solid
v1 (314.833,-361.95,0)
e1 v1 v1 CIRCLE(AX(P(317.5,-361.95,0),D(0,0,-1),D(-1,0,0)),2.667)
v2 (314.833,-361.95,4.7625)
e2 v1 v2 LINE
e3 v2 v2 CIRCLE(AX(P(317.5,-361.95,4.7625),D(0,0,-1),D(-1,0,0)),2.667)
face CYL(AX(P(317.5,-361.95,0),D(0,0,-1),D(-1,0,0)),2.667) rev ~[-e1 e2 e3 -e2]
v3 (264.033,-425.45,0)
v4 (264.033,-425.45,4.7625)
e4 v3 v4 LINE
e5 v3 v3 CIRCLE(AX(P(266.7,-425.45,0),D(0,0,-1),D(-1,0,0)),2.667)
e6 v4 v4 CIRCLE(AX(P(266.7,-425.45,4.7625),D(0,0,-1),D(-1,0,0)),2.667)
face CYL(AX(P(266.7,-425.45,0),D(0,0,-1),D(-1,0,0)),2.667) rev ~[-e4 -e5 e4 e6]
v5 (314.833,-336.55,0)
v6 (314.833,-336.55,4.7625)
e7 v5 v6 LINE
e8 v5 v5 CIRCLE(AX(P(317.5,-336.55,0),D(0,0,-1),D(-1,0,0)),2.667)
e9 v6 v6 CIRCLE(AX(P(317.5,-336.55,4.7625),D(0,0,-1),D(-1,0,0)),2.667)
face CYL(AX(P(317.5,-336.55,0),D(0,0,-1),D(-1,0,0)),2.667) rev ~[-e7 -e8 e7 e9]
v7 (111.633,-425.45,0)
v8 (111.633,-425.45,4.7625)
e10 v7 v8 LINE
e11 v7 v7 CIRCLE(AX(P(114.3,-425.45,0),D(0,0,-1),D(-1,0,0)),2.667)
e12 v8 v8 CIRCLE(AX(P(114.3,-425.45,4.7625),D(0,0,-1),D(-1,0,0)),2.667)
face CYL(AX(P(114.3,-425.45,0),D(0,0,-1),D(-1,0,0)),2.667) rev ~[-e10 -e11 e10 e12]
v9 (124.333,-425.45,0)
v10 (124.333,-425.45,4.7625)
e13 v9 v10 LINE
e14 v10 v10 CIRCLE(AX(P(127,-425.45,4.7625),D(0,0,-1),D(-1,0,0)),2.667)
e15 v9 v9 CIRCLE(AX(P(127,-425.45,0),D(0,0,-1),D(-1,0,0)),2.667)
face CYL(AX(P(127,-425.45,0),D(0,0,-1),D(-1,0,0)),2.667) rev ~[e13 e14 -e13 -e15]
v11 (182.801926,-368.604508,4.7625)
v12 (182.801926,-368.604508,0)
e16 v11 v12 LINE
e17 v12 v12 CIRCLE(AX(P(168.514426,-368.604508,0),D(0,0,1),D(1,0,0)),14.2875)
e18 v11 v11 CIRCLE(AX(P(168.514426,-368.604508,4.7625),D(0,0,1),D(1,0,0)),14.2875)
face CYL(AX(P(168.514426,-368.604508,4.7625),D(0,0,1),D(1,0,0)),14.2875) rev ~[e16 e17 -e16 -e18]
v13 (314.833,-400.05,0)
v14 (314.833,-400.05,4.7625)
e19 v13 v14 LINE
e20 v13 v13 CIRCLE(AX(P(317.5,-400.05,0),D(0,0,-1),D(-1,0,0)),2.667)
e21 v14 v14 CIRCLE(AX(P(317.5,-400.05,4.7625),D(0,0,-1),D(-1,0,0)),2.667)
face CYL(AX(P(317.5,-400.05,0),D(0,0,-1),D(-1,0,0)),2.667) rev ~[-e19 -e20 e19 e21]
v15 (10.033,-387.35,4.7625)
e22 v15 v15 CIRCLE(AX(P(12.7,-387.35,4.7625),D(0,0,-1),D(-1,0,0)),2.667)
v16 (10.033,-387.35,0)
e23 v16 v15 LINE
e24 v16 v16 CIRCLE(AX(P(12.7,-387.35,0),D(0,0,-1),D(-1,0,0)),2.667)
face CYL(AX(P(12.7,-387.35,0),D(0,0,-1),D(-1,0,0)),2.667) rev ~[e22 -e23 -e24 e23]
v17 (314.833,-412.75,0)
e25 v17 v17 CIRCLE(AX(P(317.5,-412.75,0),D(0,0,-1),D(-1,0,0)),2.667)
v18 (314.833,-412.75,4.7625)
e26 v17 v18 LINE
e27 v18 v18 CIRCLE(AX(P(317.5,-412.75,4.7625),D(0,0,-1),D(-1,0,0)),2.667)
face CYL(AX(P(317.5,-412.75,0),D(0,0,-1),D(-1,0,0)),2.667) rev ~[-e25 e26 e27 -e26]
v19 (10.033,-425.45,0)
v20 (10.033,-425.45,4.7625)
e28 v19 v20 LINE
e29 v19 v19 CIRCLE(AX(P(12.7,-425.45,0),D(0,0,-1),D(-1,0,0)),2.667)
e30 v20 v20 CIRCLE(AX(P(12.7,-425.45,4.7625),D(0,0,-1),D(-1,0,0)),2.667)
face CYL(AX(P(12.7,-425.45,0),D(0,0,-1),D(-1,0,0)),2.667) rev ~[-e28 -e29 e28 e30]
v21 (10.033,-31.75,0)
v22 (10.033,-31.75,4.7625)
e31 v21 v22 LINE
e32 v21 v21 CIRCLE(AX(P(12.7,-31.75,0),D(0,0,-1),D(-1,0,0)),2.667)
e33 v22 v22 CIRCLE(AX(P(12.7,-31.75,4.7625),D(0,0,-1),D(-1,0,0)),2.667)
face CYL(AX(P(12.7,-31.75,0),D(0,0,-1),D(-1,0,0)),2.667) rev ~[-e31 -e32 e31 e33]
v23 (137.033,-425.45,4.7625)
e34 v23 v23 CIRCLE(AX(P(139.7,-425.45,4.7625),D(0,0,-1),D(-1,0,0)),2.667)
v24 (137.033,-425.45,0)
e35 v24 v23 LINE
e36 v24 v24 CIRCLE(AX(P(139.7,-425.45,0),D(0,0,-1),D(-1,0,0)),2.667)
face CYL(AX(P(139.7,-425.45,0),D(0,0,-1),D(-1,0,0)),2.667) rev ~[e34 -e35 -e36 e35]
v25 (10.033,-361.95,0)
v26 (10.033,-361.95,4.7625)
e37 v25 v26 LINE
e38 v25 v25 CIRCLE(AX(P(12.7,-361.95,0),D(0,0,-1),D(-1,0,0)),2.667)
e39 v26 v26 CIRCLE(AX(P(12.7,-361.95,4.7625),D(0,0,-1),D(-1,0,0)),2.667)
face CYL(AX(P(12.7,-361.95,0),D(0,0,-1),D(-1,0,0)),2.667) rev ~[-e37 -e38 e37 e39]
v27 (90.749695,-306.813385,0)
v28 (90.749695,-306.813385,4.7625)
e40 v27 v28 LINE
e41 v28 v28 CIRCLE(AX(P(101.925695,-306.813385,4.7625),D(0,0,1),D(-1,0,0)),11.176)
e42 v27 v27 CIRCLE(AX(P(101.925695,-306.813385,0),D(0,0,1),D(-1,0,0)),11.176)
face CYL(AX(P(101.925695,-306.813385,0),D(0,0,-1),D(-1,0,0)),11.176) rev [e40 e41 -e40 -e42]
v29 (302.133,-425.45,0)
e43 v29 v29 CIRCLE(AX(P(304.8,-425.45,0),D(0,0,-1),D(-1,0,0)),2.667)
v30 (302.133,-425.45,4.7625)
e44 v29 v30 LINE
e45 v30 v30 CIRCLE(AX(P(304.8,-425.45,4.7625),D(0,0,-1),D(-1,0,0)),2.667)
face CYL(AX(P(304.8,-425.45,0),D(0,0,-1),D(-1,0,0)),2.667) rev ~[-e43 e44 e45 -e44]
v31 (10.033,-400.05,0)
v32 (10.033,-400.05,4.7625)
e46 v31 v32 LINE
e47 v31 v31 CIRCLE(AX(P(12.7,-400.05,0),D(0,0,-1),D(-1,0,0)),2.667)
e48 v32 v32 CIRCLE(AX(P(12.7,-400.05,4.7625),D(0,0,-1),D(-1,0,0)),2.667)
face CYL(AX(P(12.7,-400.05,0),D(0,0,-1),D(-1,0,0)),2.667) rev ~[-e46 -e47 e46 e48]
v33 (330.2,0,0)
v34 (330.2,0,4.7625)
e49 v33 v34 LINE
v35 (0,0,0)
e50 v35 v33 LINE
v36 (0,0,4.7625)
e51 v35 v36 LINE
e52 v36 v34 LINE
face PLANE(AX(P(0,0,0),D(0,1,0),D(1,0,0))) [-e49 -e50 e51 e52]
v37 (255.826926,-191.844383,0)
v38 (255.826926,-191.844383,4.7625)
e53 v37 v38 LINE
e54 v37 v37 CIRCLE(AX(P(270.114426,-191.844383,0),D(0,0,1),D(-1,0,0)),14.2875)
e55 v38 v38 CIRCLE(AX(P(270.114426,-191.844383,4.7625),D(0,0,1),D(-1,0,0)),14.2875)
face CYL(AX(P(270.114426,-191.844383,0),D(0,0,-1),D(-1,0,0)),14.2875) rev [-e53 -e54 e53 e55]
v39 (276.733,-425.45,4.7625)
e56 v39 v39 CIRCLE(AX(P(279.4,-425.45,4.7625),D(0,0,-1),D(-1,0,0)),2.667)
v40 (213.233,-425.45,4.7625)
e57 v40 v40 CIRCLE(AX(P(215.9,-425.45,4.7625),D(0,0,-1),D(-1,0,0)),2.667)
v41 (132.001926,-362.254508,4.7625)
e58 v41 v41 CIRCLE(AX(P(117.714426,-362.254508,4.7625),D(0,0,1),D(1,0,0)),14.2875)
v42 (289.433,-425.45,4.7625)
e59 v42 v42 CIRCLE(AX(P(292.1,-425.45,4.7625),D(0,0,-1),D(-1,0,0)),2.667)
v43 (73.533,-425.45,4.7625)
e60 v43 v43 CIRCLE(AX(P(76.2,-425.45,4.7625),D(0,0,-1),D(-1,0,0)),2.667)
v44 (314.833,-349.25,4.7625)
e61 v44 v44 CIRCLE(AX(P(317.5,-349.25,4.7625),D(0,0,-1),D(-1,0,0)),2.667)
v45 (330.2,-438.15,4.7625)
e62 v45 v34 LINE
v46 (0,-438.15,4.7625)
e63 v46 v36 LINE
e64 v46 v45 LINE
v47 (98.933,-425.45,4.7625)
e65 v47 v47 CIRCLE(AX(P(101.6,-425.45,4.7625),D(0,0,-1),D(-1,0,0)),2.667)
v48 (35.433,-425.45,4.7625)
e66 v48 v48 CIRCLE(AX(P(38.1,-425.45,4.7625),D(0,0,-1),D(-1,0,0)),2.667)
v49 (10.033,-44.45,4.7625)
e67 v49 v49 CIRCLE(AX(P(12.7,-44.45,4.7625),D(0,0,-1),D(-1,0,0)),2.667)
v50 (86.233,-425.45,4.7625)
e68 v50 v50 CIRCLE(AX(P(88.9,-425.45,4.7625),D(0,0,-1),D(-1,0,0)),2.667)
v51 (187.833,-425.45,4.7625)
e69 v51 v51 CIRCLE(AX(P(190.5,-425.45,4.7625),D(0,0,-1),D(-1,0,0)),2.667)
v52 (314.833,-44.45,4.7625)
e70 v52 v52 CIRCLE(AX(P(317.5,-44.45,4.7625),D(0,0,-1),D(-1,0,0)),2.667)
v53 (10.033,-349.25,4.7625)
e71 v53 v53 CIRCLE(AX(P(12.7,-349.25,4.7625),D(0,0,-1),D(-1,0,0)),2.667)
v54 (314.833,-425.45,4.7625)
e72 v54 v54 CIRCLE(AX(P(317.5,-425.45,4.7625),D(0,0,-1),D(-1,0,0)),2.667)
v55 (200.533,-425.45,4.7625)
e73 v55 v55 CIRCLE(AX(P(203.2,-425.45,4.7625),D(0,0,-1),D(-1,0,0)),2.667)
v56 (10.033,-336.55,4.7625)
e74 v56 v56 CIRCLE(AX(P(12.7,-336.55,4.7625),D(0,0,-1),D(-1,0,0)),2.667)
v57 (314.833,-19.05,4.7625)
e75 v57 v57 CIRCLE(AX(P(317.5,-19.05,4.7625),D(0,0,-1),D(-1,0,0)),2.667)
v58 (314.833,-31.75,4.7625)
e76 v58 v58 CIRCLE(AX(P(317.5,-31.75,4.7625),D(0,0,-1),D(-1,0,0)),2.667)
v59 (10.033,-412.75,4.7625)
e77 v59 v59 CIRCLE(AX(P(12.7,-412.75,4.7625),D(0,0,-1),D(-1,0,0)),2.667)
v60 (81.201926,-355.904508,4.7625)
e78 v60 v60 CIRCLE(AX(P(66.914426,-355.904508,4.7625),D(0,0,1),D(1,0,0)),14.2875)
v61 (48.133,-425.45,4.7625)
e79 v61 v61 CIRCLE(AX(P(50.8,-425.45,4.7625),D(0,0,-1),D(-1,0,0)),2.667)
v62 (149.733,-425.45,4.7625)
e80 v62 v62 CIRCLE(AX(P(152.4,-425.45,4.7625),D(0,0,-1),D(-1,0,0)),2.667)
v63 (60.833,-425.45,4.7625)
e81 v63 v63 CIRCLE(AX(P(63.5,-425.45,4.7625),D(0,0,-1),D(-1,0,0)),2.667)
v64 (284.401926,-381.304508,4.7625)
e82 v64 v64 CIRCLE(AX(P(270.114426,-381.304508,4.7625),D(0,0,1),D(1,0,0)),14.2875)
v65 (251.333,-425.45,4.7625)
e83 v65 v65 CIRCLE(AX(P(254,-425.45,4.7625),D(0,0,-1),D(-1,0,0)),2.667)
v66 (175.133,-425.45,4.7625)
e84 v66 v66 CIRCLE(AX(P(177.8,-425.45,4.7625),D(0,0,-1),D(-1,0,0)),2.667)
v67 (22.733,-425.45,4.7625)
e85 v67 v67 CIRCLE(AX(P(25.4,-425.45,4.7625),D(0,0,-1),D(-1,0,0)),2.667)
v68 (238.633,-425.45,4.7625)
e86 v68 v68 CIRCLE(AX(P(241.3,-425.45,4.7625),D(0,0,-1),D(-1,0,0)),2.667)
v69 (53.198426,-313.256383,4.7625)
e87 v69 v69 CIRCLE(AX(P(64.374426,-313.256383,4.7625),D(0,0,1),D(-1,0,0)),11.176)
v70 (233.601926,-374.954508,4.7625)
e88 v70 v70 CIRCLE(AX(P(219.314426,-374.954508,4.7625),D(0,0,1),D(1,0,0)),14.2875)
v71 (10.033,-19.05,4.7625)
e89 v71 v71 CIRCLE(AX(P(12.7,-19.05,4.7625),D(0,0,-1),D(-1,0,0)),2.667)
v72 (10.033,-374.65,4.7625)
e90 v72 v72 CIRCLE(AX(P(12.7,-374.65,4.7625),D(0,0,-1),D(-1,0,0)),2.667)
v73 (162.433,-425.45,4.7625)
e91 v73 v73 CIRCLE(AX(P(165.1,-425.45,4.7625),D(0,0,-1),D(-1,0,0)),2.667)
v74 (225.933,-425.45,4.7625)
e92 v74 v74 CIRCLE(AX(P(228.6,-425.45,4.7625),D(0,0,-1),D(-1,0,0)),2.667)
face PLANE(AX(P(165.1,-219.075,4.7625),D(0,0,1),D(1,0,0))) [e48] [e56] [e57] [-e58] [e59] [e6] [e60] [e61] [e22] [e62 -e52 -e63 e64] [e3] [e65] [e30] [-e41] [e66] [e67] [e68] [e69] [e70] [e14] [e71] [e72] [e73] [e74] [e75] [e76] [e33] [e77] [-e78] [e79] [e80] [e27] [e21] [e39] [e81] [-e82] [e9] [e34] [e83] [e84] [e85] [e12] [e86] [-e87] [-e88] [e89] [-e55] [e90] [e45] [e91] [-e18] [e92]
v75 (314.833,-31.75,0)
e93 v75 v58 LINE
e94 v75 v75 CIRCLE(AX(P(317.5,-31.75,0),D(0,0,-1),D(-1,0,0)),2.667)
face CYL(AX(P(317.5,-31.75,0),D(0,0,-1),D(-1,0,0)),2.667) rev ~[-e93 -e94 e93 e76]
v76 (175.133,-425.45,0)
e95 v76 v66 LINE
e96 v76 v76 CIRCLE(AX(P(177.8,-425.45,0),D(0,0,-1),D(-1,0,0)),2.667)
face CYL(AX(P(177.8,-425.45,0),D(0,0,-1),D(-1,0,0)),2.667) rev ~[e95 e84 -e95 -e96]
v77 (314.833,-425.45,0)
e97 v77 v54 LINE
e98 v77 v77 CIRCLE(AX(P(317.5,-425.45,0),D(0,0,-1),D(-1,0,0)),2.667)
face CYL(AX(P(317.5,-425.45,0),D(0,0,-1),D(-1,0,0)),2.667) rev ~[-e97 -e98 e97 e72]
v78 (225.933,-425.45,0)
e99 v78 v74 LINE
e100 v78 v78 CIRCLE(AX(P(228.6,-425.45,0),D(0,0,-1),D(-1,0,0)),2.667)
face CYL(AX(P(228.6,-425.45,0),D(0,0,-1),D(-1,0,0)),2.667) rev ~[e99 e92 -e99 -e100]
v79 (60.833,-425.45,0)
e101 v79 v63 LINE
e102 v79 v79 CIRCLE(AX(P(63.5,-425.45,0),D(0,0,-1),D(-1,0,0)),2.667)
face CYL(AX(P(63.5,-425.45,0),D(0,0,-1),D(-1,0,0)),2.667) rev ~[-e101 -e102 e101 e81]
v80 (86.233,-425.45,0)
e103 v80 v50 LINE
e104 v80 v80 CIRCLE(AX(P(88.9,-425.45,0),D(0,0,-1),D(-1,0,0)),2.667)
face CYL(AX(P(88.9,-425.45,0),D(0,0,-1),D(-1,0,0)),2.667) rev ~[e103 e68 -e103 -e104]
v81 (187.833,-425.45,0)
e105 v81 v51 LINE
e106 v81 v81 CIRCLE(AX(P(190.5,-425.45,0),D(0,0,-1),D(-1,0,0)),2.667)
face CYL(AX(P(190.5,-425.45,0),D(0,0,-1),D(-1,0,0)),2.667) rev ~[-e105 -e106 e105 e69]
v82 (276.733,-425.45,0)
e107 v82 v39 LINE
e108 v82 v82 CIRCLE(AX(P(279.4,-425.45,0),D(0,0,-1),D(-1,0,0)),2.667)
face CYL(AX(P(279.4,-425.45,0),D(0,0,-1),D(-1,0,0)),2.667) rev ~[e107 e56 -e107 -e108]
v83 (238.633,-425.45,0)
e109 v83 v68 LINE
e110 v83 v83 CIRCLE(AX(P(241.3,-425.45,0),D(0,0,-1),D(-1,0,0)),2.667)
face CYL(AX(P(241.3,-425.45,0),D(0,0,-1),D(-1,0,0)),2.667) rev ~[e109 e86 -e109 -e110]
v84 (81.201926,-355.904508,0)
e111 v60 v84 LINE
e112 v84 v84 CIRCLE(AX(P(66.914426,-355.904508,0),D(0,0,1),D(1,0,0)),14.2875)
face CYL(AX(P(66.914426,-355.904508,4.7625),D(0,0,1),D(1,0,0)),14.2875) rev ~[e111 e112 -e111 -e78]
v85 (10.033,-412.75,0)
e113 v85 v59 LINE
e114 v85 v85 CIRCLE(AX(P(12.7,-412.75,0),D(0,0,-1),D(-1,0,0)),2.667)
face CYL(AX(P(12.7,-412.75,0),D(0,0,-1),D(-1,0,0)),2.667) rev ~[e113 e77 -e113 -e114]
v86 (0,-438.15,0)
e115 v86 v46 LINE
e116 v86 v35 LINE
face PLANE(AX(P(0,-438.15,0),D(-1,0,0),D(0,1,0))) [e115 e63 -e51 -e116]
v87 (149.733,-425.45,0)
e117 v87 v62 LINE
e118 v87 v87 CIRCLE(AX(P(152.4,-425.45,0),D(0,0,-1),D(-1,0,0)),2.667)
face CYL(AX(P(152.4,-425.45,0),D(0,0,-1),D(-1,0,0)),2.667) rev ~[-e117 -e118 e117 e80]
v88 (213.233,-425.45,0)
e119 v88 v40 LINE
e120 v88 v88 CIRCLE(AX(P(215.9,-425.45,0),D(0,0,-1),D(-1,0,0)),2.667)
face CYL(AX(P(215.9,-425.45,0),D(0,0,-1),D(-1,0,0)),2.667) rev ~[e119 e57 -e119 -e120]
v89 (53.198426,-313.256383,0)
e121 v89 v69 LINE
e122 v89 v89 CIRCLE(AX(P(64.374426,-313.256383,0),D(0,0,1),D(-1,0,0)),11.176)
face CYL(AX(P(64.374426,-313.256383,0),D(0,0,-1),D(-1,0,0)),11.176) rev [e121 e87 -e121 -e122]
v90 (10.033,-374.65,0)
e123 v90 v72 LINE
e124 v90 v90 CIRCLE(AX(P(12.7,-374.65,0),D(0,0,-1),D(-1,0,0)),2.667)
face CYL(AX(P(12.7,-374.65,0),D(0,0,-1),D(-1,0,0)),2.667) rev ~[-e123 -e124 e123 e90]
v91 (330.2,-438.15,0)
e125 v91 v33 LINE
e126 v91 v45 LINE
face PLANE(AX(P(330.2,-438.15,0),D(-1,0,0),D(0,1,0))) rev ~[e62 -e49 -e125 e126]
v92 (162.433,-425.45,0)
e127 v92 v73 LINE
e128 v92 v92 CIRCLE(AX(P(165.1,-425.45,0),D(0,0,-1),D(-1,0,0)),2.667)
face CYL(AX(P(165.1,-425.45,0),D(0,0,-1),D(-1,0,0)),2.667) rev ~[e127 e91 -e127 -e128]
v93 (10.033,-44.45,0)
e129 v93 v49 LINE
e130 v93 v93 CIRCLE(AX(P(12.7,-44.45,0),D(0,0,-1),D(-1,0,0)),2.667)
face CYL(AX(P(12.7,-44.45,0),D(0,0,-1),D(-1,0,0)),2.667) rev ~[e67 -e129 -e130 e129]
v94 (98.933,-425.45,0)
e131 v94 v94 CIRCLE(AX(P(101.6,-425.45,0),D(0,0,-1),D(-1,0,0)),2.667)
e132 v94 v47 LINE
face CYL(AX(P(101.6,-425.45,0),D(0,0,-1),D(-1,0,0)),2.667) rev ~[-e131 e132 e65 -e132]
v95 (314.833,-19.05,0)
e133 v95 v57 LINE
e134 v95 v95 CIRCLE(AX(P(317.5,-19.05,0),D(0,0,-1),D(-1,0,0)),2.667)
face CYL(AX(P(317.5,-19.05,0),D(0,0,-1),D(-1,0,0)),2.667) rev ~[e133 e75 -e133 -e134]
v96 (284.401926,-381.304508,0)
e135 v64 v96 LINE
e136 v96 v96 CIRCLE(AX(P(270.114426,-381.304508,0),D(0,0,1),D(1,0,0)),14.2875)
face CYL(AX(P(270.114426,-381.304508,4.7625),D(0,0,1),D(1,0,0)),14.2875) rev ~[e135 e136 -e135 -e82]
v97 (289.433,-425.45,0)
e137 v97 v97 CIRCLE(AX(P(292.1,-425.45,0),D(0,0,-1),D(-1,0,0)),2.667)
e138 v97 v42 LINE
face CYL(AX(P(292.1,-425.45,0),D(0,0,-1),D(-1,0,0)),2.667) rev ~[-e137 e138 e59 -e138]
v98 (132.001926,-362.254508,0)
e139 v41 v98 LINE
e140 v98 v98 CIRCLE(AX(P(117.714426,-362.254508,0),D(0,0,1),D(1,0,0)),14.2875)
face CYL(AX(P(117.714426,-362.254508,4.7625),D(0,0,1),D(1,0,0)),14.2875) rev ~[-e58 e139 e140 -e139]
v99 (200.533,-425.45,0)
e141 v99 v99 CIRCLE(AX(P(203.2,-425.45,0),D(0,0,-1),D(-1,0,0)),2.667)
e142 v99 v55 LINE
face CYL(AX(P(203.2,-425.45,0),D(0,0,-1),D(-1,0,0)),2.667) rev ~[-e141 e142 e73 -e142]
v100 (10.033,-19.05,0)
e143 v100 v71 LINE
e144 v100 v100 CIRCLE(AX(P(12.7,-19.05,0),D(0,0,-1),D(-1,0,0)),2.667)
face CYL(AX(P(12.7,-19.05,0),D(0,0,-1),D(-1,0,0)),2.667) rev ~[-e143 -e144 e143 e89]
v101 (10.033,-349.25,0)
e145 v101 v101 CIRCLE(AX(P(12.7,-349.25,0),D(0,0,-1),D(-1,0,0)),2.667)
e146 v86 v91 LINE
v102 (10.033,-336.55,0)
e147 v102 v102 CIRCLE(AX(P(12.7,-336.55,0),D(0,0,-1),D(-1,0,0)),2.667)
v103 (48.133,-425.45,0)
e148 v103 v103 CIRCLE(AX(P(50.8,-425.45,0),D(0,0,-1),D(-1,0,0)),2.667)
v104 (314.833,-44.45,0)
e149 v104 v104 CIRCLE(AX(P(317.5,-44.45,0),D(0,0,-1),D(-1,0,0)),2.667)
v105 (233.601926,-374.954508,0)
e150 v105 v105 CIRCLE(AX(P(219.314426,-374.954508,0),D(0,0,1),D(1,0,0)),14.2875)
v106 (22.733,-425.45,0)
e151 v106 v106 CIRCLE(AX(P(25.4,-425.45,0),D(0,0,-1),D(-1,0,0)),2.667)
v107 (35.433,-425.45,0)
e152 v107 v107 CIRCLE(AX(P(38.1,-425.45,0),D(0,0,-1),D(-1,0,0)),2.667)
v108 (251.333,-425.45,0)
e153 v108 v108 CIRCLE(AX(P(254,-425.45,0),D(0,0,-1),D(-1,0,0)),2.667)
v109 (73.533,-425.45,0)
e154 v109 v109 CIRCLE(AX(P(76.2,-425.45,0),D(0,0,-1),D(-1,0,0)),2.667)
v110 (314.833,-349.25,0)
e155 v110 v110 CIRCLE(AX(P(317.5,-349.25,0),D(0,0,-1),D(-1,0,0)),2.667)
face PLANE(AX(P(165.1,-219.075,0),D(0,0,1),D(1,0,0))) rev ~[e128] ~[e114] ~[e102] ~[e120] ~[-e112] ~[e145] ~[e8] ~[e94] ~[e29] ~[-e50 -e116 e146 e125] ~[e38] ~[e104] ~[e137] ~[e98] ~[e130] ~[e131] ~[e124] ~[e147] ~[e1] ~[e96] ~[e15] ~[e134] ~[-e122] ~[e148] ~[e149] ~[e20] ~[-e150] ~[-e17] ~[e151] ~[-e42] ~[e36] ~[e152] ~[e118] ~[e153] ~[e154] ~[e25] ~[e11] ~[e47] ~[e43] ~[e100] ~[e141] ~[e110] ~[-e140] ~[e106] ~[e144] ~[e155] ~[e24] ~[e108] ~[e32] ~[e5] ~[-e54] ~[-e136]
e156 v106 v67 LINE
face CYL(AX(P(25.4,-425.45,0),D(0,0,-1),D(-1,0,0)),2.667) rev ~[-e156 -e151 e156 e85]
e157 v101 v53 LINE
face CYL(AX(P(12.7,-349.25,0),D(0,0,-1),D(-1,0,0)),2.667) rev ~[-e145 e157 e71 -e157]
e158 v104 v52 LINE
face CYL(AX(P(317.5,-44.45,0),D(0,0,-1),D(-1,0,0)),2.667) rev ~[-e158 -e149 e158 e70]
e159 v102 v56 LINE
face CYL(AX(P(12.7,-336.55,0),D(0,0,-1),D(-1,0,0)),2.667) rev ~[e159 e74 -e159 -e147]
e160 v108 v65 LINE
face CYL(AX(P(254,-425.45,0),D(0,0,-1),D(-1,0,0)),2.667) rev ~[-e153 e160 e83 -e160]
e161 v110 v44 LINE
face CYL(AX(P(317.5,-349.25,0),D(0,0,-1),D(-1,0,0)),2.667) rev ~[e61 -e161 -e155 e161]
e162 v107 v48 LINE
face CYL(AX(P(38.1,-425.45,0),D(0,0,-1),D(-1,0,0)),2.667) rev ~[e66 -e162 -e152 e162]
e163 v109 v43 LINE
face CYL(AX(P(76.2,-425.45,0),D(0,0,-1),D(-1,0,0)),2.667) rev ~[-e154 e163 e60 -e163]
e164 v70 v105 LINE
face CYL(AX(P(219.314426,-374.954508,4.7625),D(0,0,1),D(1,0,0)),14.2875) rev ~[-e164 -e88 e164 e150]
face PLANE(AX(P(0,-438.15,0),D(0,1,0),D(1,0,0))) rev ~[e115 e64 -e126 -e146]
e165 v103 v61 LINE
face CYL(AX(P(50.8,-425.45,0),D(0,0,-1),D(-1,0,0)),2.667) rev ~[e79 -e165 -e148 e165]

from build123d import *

# Parameters (mm, degrees)
SKETCH1_W           = 330.2
SKETCH1_H           = 438.15
SKETCH1_R           = 14.2875
SKETCH1_R_2         = 11.176
BOSS_EXTRUDE1_DEPTH = 4.7625
SKETCH2_R           = 14.2875
CUT_EXTRUDE1_DEPTH  = 4.7625
SKETCH3_R           = 14.2875
CUT_EXTRUDE2_DEPTH  = 4.7625
SKETCH4_R           = 2.667
CUT_EXTRUDE3_DEPTH  = 549.662140034


with BuildPart() as part:
    # Sketch1 → Boss-Extrude1 (new body)
    with BuildSketch(Plane.XY):
        with Locations((165.1, -219.075)):
            Rectangle(SKETCH1_W, SKETCH1_H)
        with Locations(Location((270.114426387, -191.844382727, 0), (0, 0, 180))):
            Circle(SKETCH1_R, mode=Mode.SUBTRACT)
        with Locations(Location((101.925695163, -306.813385495, 0), (0, 0, 180))):
            Circle(SKETCH1_R_2, mode=Mode.SUBTRACT)
        with Locations(Location((64.374426387, -313.256382727, 0), (0, 0, 180))):
            Circle(SKETCH1_R_2, mode=Mode.SUBTRACT)
    extrude(amount=BOSS_EXTRUDE1_DEPTH)

    # Sketch2 → Cut-Extrude1 (cut)
    with BuildSketch(Plane.XY.offset(4.7625)):
        with Locations((66.914426387, -355.904507537)):
            Circle(SKETCH2_R)
    extrude(amount=-CUT_EXTRUDE1_DEPTH, mode=Mode.SUBTRACT)

    # Sketch3 → Cut-Extrude2 (cut)
    with BuildSketch(Plane.XY.offset(4.7625)):
        with Locations((117.714426387, -362.254507537)):
            Circle(SKETCH3_R)
        with Locations((168.514426387, -368.604507537)):
            Circle(SKETCH3_R)
        with Locations((219.314426387, -374.954507537)):
            Circle(SKETCH3_R)
        with Locations((270.114426387, -381.304507537)):
            Circle(SKETCH3_R)
    extrude(amount=-CUT_EXTRUDE2_DEPTH, mode=Mode.SUBTRACT)

    # Sketch4 → Cut-Extrude3 (cut, through all)
    with BuildSketch(Plane(origin=(0, 0, 0), x_dir=(-1, 0, 0), z_dir=(0, 0, -1))):
        with Locations((-12.7, -425.45)):
            Circle(SKETCH4_R)
        with Locations((-12.7, -412.75)):
            Circle(SKETCH4_R)
        with Locations((-12.7, -400.05)):
            Circle(SKETCH4_R)
        with Locations((-12.7, -387.35)):
            Circle(SKETCH4_R)
        with Locations((-12.7, -374.65)):
            Circle(SKETCH4_R)
        with Locations((-12.7, -361.95)):
            Circle(SKETCH4_R)
        with Locations((-12.7, -349.25)):
            Circle(SKETCH4_R)
        with Locations((-12.7, -336.55)):
            Circle(SKETCH4_R)
        with Locations((-12.7, -44.45)):
            Circle(SKETCH4_R)
        with Locations((-12.7, -31.75)):
            Circle(SKETCH4_R)
        with Locations((-12.7, -19.05)):
            Circle(SKETCH4_R)
        with Locations((-317.5, -361.95)):
            Circle(SKETCH4_R)
        with Locations((-317.5, -349.25)):
            Circle(SKETCH4_R)
        with Locations((-317.5, -336.55)):
            Circle(SKETCH4_R)
        with Locations((-317.5, -400.05)):
            Circle(SKETCH4_R)
        with Locations((-317.5, -412.75)):
            Circle(SKETCH4_R)
        with Locations((-317.5, -425.45)):
            Circle(SKETCH4_R)
        with Locations((-317.5, -44.45)):
            Circle(SKETCH4_R)
        with Locations((-317.5, -31.75)):
            Circle(SKETCH4_R)
        with Locations((-317.5, -19.05)):
            Circle(SKETCH4_R)
        with Locations((-25.4, -425.45)):
            Circle(SKETCH4_R)
        with Locations((-38.1, -425.45)):
            Circle(SKETCH4_R)
        with Locations((-50.8, -425.45)):
            Circle(SKETCH4_R)
        with Locations((-63.5, -425.45)):
            Circle(SKETCH4_R)
        with Locations((-76.2, -425.45)):
            Circle(SKETCH4_R)
        with Locations((-88.9, -425.45)):
            Circle(SKETCH4_R)
        with Locations((-101.6, -425.45)):
            Circle(SKETCH4_R)
        with Locations((-114.3, -425.45)):
            Circle(SKETCH4_R)
        with Locations((-127, -425.45)):
            Circle(SKETCH4_R)
        with Locations((-139.7, -425.45)):
            Circle(SKETCH4_R)
        with Locations((-152.4, -425.45)):
            Circle(SKETCH4_R)
        with Locations((-165.1, -425.45)):
            Circle(SKETCH4_R)
        with Locations((-177.8, -425.45)):
            Circle(SKETCH4_R)
        with Locations((-190.5, -425.45)):
            Circle(SKETCH4_R)
        with Locations((-203.2, -425.45)):
            Circle(SKETCH4_R)
        with Locations((-215.9, -425.45)):
            Circle(SKETCH4_R)
        with Locations((-228.6, -425.45)):
            Circle(SKETCH4_R)
        with Locations((-241.3, -425.45)):
            Circle(SKETCH4_R)
        with Locations((-254, -425.45)):
            Circle(SKETCH4_R)
        with Locations((-266.7, -425.45)):
            Circle(SKETCH4_R)
        with Locations((-279.4, -425.45)):
            Circle(SKETCH4_R)
        with Locations((-292.1, -425.45)):
            Circle(SKETCH4_R)
        with Locations((-304.8, -425.45)):
            Circle(SKETCH4_R)
    extrude(amount=-CUT_EXTRUDE3_DEPTH, mode=Mode.SUBTRACT)


solid = part.part
